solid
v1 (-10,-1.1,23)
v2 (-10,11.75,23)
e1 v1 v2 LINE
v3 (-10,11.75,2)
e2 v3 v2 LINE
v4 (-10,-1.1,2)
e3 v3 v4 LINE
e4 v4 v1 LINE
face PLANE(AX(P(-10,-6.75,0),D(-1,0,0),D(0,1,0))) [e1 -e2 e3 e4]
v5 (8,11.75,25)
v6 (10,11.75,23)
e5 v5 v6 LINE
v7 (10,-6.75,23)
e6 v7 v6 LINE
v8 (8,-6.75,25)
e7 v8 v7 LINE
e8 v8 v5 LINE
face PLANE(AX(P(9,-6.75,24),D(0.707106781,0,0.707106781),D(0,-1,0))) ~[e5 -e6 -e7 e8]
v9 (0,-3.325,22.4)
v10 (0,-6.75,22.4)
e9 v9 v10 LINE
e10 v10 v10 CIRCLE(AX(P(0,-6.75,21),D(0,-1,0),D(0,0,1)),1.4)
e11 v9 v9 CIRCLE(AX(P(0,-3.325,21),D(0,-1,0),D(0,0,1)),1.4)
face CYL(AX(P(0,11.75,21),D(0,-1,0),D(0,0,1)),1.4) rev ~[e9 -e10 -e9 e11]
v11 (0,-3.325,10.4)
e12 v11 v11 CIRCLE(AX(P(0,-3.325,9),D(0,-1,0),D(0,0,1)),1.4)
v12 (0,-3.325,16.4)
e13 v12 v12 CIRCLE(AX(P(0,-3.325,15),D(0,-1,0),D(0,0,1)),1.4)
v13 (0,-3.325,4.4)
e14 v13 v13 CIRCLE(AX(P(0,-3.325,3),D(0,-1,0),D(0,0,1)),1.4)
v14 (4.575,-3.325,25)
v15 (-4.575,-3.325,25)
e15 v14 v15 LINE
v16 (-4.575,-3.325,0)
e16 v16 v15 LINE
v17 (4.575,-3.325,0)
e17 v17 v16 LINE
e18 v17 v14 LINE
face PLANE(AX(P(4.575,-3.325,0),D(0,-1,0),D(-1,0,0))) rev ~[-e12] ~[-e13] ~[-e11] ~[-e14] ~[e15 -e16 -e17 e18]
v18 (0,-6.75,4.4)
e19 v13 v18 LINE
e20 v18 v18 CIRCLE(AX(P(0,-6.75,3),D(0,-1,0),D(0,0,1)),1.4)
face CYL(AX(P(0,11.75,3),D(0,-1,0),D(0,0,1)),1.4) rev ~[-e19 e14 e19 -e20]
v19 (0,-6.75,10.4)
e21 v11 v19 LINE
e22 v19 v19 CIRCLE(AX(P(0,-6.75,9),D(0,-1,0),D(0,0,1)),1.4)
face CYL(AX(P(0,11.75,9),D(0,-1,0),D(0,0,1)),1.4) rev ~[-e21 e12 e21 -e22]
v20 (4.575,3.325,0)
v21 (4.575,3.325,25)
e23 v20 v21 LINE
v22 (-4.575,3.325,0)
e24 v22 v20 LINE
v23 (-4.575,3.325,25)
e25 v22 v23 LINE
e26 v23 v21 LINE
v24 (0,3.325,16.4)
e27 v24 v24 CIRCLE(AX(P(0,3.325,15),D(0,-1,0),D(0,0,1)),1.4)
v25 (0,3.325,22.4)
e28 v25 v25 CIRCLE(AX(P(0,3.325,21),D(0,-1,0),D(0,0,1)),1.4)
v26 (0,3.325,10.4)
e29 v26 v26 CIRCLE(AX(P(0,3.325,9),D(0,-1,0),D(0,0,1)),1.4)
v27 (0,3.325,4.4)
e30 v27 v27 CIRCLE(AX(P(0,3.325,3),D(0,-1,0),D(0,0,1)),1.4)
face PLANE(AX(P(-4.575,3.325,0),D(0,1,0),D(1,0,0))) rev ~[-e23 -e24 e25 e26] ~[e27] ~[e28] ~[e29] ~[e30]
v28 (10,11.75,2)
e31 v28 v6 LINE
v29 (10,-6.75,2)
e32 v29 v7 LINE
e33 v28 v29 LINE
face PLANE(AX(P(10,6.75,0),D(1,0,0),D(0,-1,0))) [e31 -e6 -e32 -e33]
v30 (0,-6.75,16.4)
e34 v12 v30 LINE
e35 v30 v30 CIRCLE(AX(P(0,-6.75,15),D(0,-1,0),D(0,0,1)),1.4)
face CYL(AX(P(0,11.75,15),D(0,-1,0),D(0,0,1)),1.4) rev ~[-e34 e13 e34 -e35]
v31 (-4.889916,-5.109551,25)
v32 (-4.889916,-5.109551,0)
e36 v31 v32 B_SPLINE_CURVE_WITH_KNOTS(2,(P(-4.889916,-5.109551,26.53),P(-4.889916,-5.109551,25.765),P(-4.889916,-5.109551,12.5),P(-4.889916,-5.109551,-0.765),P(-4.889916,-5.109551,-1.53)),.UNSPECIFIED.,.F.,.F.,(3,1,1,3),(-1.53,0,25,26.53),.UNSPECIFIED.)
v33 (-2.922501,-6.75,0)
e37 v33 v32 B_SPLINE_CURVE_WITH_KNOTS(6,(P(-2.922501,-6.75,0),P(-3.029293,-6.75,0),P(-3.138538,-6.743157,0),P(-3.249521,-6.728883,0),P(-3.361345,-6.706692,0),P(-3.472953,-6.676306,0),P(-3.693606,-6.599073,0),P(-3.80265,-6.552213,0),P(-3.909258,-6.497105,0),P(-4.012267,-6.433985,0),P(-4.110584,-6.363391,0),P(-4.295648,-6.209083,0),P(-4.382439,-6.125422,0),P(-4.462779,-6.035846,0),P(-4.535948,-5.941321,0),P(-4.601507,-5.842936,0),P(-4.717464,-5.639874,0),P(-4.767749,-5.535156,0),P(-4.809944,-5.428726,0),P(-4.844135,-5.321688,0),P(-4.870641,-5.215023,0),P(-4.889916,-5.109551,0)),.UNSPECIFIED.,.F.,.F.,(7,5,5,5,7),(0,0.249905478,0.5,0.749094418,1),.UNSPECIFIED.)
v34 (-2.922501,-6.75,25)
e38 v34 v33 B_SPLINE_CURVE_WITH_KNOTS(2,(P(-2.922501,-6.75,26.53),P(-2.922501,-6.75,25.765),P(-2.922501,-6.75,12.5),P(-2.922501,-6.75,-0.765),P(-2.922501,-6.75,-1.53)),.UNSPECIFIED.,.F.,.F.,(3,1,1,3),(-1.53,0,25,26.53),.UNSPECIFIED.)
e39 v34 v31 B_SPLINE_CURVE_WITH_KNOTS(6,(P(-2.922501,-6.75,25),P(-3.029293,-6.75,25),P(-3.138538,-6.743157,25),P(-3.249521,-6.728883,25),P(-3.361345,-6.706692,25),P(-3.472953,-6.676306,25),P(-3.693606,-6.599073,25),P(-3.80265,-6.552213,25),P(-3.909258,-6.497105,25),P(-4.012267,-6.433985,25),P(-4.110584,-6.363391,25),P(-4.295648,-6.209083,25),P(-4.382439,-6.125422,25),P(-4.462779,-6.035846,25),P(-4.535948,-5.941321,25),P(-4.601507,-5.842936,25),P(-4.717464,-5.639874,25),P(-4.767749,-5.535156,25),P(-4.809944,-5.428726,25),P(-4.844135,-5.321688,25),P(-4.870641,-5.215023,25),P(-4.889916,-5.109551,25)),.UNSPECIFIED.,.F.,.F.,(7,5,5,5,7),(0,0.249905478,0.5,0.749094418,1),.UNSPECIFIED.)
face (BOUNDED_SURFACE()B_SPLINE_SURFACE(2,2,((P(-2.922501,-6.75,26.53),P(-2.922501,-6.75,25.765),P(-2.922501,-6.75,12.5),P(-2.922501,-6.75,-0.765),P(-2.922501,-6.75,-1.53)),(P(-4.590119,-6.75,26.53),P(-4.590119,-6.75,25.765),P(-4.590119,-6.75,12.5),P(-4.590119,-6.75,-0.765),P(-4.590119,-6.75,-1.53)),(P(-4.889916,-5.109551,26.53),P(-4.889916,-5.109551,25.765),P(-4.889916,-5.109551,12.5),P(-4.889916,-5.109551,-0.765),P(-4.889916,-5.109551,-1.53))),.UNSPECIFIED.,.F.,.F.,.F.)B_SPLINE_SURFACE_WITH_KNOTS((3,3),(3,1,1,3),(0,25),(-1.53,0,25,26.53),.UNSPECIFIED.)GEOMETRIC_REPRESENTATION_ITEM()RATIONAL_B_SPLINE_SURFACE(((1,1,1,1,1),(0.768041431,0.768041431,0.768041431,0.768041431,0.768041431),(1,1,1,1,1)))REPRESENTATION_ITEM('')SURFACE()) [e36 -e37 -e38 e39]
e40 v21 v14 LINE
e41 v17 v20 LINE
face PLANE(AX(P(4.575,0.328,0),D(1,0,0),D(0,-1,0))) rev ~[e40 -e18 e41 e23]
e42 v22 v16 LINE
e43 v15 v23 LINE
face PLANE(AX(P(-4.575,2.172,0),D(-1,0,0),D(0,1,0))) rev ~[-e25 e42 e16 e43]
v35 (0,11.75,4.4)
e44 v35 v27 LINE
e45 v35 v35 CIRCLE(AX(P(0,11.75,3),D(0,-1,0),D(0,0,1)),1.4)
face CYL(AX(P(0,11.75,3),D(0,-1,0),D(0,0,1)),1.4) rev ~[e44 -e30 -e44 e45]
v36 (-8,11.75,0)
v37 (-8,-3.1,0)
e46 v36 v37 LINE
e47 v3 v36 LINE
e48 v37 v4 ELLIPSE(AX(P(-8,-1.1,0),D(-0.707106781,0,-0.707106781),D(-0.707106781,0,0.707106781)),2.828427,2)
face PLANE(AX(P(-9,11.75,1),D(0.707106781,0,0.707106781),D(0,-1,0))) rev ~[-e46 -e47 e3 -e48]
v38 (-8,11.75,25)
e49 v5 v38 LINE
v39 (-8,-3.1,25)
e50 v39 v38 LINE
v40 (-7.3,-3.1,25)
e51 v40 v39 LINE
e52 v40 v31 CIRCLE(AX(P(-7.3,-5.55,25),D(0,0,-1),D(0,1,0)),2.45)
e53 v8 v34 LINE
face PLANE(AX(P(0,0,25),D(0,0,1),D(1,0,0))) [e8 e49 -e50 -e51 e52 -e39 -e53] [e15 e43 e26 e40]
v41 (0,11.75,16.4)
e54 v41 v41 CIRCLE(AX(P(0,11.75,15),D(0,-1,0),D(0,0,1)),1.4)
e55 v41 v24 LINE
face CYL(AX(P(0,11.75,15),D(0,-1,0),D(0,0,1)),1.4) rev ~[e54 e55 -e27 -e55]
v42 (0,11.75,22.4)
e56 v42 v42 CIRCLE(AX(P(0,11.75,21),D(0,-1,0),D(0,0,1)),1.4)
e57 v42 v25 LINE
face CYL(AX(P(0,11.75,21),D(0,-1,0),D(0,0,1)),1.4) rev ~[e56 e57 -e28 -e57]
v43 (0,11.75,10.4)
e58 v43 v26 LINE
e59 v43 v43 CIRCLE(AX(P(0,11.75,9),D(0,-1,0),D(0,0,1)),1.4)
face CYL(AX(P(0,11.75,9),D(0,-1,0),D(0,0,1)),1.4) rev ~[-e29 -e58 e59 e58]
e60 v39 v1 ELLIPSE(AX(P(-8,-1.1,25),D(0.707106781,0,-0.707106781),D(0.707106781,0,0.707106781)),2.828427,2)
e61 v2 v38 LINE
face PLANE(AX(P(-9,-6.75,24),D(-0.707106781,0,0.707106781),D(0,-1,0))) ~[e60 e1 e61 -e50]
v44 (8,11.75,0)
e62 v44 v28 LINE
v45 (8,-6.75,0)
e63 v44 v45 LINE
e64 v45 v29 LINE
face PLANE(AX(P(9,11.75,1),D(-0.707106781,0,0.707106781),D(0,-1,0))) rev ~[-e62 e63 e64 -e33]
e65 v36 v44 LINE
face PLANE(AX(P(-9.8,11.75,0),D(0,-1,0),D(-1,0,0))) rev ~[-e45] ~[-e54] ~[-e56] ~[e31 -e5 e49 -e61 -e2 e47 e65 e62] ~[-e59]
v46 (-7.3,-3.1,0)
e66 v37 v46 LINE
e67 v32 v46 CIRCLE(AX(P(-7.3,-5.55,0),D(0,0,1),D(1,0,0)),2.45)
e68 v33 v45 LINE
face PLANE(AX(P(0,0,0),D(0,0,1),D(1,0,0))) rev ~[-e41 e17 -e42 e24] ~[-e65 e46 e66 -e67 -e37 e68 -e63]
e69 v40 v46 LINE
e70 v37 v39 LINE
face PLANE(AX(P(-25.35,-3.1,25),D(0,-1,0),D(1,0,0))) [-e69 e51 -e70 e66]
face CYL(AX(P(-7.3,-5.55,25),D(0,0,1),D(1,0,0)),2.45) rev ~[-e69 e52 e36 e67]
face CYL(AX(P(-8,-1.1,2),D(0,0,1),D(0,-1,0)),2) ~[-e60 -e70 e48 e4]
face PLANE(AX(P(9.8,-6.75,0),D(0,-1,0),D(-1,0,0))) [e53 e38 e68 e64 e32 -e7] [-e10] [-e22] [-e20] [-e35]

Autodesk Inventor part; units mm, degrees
ref_plane "YZ Plane" through (0, 0, 0) normal (1, 0, 0) x (0, 1, 0)
ref_plane "XZ Plane" through (0, 0, 0) normal (0, 1, 0) x (-1, 0, 0)
ref_plane "XY Plane" through (0, 0, 0) normal (0, 0, 1) x (1, 0, 0)
sketch "Skizze1" plane through (0, 0, 0) normal (0, 0, 1) x (1, 0, 0)
  line L0 (-4.5, 3.25) -> (-4.5, 2.25) projected
  arc A0 (-3.564, 1.602) -> (-4.5, 2.25) centre (-4.5, 1.25) ccw projected
  line L1 (-3.564, 1.602) -> (-3.2351, 1.602) projected
  line L2 (-3.2351, 1.602) -> (-3.2351, 0.898) projected
  line L3 (-3.2351, 0.898) -> (-3.564, 0.898) projected
  arc A1 (-4.5, 0.25) -> (-3.564, 0.898) centre (-4.5, 1.25) ccw projected
  line L4 (-4.5, 0.25) -> (-4.5, -3.25) projected
  line L5 (-4.5, -3.25) -> (4.5, -3.25) projected
  line L6 (4.5, -3.25) -> (4.5, 0.25) projected
  arc A2 (3.564, 0.898) -> (4.5, 0.25) centre (4.5, 1.25) ccw projected
  line L7 (3.564, 0.898) -> (3.2351, 0.898) projected
  line L8 (3.2351, 0.898) -> (3.2351, 1.602) projected
  line L9 (3.2351, 1.602) -> (3.564, 1.602) projected
  arc A3 (4.5, 2.25) -> (3.564, 1.602) centre (4.5, 1.25) ccw projected
  line L10 (4.5, 2.25) -> (4.5, 3.25) projected
  line L11 (4.5, 3.25) -> (-4.5, 3.25) projected
  line L12 (4.575, -3.325) -> (-4.575, -3.325)
  line L13 (-4.575, -3.325) -> (-4.575, 0.328)
  arc A4 (-4.575, 0.328) -> (-3.6174, 0.973) centre (-4.5, 1.25) ccw
  line L14 (-3.6174, 0.973) -> (-3.3101, 0.973)
  line L15 (-3.3101, 0.973) -> (-3.3101, 1.527)
  line L16 (-3.3101, 1.527) -> (-3.6174, 1.527)
  arc A5 (-3.6174, 1.527) -> (-4.575, 2.172) centre (-4.5, 1.25) ccw
  line L17 (-4.575, 2.172) -> (-4.575, 3.325)
  line L18 (-4.575, 3.325) -> (4.575, 3.325)
  line L19 (4.575, 3.325) -> (4.575, 2.172)
  arc A6 (4.575, 2.172) -> (3.6174, 1.527) centre (4.5, 1.25) ccw
  line L20 (3.6174, 1.527) -> (3.3101, 1.527)
  line L21 (3.3101, 1.527) -> (3.3101, 0.973)
  line L22 (3.3101, 0.973) -> (3.6174, 0.973)
  arc A7 (3.6174, 0.973) -> (4.575, 0.328) centre (4.5, 1.25) ccw
  line L23 (4.575, 0.328) -> (4.575, -3.325)
  circle A8 centre (-15.1, -13.35) radius 3.5 projected
  line L24 (-20.2, -17.25) -> (-22.2, -15.25) projected
  line L25 (-20.2, -17.25) -> (9.8, -17.25) projected
  line L26 (9.8, -17.25) -> (9.8, 6.75) projected
  line L27 (-11.8, 6.75) -> (9.8, 6.75) projected
  line L28 (-11.8, 11.75) -> (-11.8, 6.75) projected
  line L29 (-20.2, 11.75) -> (-11.8, 11.75) projected
  line L30 (-22.2, 9.75) -> (-20.2, 11.75) projected
  line L31 (-22.2, -15.25) -> (-22.2, 9.75) projected
  line L32 (-11.8, 6.75) -> (-9.8, 6.75) projected
  line L33 (-9.8, 6.75) -> (-9.8, 11.75) projected
  line L34 (-9.8, 11.75) -> (-11.8, 11.75) projected
  line L35 (-11.8, 11.75) -> (-11.8, 6.75) projected
  line L36 (9.8, 11.75) -> (-20.2, 11.75) projected
  circle A9 centre (-15.1, -13.35) radius 1.1 projected
  line L37 (-22.2, -15.25) -> (-20.2, -17.25) projected
  line L38 (-22.2, -15.25) -> (-22.2, 9.75) projected
  line L39 (-20.2, 11.75) -> (-22.2, 9.75) projected
  line L40 (9.8, 11.75) -> (-20.2, 11.75) projected
  line L41 (9.8, -17.25) -> (9.8, 11.75) projected
  line L42 (9.8, -17.25) -> (-20.2, -17.25) projected
  line L43 (-10, 6.75) -> (10, 6.75)
  line L44 (10, 6.75) -> (10, -6.75)
  line L45 (10, -6.75) -> (-10, -6.75)
  line L46 (-10, -6.75) -> (-10, 6.75)
  line L47 (-10, 6.75) -> (10, -6.75) construction
  line L48 (10, 6.75) -> (-10, -6.75) construction
  line L49 (10, 6.75) -> (-10, 6.75)
  line L50 (-10, 6.75) -> (-10, 11.75)
  line L51 (-10, 11.75) -> (10, 11.75)
  line L52 (10, 11.75) -> (10, 6.75)
  line L53 (-4.575, 0.328) -> (-4.575, 2.172)
  line L54 (4.575, 0.328) -> (4.575, 2.172)
  line L55 (9.8, 11.75) -> (-20.2, 11.75) projected
  point P0 (0, 0)
  point P1 (4.5, -1.5)
  point P2 (4.575, -1.4985)
  dimension "d0" = 0.075
  dimension "d1" = 20
  dimension "d2" = 13.5
extrude "Extrusion1" add sketch "Skizze1" along normal blind 25 contours L45 L46 L27 L26 | L26 L43 L44 L45 | L27 L33 L36 L41 | L41 L51 L52 L43 | L27 L50 L34 L33
sketch "Skizze2" plane through (-10, 11.75, 0) normal (0, 1, 0) x (1, 0, 0)
  line L0 (20, 0) -> (0, 0) projected
  line L1 (0, 0) -> (0, -25) projected
  line L2 (20, -25) -> (0, -25) projected
  line L3 (20, 0) -> (20, -25) projected
  line L4 (10, -12.6) -> (10, 75.6)
  point P0 (10, 0)
  point P1 (10, -3)
  dimension "d5" = 3
hole "Bohrung1" at (0, 11.75, 3) direction (0, -1, 0) diameter 2.8 end through all
pattern_linear "Rechteckige Anordnung1" count 4 spacing 6 along (0, 0, 1) of "Bohrung1"
chamfer "Fasen1" distance 2 angle 45 4 edges at (-10, 2.5, 0) (-10, 2.5, 25) (10, 2.5, 0) (10, 2.5, 25)
sketch "Skizze3" plane through (0, 0, 25) normal (0, 0, 1) x (1, 0, 0)
  line L0 (-5, -18.15) -> (-5, -21.15) projected
  line L1 (-22.9, -3.25) -> (-19.9, -3.25) projected
  circle A0 centre (-15.1, -13.35) radius 1.4224 projected
  line L2 (-5, -5.55) -> (-5, -8.55) projected
  arc A1 (-5, -5.55) -> (-7.3, -3.25) centre (-7.3, -5.55) ccw projected
  line L3 (-10.3, -3.25) -> (-7.3, -3.25) projected
  line L4 (-25.2, -23.45) -> (-5, -23.45)
  line L5 (-5, -23.45) -> (-5, -3.25)
  line L6 (-5, -3.25) -> (-25.2, -3.25)
  line L7 (-25.2, -3.25) -> (-25.2, -23.45)
  line L8 (-25.2, -23.45) -> (-5, -3.25) construction
  line L9 (-5, -23.45) -> (-25.2, -3.25) construction
  line L10 (-10.3, -3.1) -> (-7.3, -3.1)
  arc A2 (-4.85, -5.55) -> (-7.3, -3.1) centre (-7.3, -5.55) ccw
  line L11 (-4.85, -5.55) -> (-4.85, -8.55)
  line L12 (-4.85, -3.1) -> (-4.85, -23.6)
  line L13 (-4.85, -23.6) -> (-25.35, -23.6)
  line L14 (-25.35, -23.6) -> (-25.35, -3.1)
  line L15 (-25.35, -3.1) -> (-4.85, -3.1)
  point P0 (0, 0)
  dimension "d19" = 0.15
extrude "Extrusion2" cut sketch "Skizze3" against normal blind 25 contours L5 L2 A2 L11 L12 L13 L14 L15 L10 L6 L3 L1 L7 L4 L0 | L0 L5 L4 L7 L6 L1 L3 A1 L2 | A1 L6 A2 L5
fillet "Rundung1" radius 2 2 edges at (-4.85, -6.75, 12.5) (-10, -3.1, 12.5)
properties part number "OT2-Gripper_block"
